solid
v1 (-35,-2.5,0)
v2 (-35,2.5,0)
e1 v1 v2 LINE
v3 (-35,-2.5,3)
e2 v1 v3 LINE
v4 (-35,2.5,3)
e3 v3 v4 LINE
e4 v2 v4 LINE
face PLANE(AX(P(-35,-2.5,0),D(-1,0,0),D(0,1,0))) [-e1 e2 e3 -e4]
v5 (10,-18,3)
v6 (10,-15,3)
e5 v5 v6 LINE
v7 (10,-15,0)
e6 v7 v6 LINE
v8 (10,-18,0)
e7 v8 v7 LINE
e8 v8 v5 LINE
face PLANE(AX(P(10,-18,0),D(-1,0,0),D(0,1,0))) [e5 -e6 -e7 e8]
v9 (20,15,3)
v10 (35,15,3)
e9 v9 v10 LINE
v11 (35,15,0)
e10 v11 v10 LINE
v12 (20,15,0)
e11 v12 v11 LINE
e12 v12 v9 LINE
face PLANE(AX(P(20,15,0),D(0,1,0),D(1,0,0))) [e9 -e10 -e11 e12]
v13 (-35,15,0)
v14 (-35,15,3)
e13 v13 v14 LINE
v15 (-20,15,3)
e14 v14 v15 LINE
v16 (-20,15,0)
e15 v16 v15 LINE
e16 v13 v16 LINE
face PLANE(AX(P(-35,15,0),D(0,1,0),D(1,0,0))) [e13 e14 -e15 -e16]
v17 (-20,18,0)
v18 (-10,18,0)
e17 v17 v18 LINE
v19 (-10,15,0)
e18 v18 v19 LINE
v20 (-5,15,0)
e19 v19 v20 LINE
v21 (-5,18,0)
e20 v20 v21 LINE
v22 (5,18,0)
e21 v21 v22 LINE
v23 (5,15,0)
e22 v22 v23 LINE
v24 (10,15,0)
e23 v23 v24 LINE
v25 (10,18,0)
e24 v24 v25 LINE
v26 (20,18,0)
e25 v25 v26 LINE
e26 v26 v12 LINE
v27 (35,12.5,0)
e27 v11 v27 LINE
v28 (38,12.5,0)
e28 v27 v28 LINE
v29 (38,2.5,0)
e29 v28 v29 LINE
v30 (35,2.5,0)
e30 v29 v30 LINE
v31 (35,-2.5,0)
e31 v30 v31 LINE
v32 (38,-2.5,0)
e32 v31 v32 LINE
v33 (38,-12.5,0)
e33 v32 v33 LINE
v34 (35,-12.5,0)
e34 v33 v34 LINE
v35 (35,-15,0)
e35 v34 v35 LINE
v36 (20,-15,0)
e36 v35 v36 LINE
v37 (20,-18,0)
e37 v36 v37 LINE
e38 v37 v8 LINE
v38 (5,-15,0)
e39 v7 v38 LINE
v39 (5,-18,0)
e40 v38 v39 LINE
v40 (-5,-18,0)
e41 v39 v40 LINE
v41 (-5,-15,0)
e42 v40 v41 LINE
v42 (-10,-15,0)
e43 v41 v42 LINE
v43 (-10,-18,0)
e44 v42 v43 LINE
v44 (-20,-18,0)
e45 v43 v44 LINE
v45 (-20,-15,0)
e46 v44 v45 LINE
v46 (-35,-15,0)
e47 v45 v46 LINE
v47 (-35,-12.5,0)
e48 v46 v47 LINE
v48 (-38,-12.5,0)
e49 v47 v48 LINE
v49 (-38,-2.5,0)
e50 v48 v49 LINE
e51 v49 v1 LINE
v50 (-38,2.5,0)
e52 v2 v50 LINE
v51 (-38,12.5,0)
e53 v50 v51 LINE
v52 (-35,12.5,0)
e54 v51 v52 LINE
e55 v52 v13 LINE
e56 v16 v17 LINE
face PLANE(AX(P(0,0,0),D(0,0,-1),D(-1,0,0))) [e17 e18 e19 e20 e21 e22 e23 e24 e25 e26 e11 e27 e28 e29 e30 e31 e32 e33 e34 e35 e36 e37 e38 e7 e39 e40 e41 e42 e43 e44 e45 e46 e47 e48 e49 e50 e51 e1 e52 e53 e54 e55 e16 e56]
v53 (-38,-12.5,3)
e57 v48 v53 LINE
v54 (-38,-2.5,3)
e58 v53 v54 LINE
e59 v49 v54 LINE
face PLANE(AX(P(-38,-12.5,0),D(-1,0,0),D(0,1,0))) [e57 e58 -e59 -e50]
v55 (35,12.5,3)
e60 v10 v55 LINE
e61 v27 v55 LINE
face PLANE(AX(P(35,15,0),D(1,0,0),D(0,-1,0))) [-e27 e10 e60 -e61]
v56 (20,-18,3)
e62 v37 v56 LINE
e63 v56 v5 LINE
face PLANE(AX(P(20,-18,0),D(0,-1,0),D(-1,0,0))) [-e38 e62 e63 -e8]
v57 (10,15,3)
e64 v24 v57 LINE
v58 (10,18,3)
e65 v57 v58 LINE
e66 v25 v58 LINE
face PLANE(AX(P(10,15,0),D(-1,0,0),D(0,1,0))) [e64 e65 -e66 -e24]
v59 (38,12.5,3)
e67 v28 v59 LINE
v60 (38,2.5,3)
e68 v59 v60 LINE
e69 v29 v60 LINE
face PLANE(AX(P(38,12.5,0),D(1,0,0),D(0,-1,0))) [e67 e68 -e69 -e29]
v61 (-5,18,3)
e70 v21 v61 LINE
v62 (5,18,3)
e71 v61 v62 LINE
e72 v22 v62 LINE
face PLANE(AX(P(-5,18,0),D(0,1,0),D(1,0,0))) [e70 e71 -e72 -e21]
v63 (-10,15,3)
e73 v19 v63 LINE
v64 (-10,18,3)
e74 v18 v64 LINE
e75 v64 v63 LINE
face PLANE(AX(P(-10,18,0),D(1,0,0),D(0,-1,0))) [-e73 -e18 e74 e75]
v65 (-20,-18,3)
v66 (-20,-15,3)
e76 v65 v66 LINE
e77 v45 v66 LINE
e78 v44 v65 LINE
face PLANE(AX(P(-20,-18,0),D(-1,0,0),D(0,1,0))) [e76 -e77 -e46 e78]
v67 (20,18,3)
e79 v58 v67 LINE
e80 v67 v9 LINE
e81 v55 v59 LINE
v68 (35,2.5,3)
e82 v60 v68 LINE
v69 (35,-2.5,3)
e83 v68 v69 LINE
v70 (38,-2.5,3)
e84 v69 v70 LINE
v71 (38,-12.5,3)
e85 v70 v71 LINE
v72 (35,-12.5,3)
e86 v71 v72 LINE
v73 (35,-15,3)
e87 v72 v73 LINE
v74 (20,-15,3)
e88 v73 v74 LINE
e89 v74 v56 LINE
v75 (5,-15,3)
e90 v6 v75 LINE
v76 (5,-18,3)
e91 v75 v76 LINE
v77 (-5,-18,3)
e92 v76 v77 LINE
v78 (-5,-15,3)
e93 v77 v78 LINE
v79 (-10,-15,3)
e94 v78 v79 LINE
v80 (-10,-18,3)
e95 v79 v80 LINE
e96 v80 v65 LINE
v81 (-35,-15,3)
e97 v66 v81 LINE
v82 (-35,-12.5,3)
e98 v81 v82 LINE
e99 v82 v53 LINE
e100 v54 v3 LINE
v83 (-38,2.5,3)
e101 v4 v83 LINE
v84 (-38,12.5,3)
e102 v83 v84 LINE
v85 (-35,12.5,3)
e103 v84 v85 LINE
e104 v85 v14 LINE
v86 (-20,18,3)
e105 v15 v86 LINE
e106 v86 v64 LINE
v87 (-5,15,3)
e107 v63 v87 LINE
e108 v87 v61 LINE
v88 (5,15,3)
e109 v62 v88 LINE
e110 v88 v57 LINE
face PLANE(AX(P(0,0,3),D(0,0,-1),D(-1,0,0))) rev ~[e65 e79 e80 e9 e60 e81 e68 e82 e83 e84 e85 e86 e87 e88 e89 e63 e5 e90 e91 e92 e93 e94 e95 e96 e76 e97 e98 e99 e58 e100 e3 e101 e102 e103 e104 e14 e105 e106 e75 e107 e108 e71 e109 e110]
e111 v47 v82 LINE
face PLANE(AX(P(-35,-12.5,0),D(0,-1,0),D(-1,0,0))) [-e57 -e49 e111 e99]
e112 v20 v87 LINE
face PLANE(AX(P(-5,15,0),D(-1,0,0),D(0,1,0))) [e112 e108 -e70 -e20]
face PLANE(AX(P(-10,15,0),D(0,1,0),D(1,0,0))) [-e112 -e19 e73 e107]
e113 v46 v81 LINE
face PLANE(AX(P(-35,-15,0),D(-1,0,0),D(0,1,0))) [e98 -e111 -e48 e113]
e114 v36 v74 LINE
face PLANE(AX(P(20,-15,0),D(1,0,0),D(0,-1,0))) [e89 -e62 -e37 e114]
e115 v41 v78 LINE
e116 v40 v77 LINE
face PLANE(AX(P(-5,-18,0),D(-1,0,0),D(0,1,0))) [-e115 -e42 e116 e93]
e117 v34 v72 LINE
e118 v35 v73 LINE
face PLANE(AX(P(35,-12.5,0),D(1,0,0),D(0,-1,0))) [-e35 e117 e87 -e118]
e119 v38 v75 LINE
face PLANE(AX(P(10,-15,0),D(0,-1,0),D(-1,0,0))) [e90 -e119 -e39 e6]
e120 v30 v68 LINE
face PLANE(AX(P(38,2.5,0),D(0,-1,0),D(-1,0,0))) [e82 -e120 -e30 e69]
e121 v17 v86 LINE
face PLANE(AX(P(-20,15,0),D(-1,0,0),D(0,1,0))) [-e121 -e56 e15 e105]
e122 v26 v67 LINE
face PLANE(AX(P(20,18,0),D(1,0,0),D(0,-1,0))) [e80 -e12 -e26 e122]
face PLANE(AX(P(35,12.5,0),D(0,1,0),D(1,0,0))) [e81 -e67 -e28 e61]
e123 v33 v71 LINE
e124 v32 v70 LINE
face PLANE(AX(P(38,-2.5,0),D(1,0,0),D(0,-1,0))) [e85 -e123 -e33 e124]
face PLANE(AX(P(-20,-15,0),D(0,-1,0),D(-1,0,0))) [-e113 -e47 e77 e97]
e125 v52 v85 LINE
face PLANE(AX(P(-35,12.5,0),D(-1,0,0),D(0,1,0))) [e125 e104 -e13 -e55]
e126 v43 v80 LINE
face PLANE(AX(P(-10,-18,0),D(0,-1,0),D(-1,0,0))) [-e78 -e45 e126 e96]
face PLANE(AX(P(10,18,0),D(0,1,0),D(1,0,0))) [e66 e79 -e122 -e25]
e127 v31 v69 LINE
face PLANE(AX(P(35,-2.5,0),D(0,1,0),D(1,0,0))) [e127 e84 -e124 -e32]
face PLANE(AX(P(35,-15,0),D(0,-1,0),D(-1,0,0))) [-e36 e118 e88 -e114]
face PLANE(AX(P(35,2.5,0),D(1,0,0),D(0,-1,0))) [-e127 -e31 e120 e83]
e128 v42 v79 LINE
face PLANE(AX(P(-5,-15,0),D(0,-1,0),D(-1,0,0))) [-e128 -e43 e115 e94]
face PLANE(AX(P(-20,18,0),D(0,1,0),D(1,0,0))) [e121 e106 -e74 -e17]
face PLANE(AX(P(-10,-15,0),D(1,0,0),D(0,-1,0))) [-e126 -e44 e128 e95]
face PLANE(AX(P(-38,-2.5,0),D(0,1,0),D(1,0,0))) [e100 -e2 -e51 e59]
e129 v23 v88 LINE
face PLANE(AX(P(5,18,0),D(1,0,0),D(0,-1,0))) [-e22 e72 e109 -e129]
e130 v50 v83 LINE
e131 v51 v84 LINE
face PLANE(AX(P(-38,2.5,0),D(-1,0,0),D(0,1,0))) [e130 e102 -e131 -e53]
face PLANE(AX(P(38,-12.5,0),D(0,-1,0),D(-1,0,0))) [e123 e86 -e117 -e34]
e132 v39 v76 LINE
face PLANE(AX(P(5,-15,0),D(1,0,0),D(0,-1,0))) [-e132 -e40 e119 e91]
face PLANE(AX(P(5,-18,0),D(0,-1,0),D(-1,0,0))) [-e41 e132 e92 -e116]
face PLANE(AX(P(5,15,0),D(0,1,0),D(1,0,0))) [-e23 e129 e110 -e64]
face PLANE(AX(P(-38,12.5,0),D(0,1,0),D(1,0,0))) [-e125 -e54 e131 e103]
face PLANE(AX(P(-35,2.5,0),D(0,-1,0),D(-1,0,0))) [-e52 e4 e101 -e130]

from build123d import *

# Parameters (mm, degrees)
EXTRUDE_1_DEPTH = 3


with BuildPart() as part:
    # 草图1 → 凸台-拉伸1 (new body)
    with BuildSketch(Plane.XY):
        Polygon((-5, 15), (-5, 18), (5, 18), (5, 15), (10, 15), (10, 18), (20, 18), (20, 15), (35, 15), (35, 12.5), (38, 12.5), (38, 2.5), (35, 2.5), (35, -2.5), (38, -2.5), (38, -12.5), (35, -12.5), (35, -15), (20, -15), (20, -18), (10, -18), (10, -15), (5, -15), (5, -18), (-5, -18), (-5, -15), (-10, -15), (-10, -18), (-20, -18), (-20, -15), (-35, -15), (-35, -12.5), (-38, -12.5), (-38, -2.5), (-35, -2.5), (-35, 2.5), (-38, 2.5), (-38, 12.5), (-35, 12.5), (-35, 15), (-20, 15), (-20, 18), (-10, 18), (-10, 15), align=None)
    extrude(amount=EXTRUDE_1_DEPTH)


solid = part.part
